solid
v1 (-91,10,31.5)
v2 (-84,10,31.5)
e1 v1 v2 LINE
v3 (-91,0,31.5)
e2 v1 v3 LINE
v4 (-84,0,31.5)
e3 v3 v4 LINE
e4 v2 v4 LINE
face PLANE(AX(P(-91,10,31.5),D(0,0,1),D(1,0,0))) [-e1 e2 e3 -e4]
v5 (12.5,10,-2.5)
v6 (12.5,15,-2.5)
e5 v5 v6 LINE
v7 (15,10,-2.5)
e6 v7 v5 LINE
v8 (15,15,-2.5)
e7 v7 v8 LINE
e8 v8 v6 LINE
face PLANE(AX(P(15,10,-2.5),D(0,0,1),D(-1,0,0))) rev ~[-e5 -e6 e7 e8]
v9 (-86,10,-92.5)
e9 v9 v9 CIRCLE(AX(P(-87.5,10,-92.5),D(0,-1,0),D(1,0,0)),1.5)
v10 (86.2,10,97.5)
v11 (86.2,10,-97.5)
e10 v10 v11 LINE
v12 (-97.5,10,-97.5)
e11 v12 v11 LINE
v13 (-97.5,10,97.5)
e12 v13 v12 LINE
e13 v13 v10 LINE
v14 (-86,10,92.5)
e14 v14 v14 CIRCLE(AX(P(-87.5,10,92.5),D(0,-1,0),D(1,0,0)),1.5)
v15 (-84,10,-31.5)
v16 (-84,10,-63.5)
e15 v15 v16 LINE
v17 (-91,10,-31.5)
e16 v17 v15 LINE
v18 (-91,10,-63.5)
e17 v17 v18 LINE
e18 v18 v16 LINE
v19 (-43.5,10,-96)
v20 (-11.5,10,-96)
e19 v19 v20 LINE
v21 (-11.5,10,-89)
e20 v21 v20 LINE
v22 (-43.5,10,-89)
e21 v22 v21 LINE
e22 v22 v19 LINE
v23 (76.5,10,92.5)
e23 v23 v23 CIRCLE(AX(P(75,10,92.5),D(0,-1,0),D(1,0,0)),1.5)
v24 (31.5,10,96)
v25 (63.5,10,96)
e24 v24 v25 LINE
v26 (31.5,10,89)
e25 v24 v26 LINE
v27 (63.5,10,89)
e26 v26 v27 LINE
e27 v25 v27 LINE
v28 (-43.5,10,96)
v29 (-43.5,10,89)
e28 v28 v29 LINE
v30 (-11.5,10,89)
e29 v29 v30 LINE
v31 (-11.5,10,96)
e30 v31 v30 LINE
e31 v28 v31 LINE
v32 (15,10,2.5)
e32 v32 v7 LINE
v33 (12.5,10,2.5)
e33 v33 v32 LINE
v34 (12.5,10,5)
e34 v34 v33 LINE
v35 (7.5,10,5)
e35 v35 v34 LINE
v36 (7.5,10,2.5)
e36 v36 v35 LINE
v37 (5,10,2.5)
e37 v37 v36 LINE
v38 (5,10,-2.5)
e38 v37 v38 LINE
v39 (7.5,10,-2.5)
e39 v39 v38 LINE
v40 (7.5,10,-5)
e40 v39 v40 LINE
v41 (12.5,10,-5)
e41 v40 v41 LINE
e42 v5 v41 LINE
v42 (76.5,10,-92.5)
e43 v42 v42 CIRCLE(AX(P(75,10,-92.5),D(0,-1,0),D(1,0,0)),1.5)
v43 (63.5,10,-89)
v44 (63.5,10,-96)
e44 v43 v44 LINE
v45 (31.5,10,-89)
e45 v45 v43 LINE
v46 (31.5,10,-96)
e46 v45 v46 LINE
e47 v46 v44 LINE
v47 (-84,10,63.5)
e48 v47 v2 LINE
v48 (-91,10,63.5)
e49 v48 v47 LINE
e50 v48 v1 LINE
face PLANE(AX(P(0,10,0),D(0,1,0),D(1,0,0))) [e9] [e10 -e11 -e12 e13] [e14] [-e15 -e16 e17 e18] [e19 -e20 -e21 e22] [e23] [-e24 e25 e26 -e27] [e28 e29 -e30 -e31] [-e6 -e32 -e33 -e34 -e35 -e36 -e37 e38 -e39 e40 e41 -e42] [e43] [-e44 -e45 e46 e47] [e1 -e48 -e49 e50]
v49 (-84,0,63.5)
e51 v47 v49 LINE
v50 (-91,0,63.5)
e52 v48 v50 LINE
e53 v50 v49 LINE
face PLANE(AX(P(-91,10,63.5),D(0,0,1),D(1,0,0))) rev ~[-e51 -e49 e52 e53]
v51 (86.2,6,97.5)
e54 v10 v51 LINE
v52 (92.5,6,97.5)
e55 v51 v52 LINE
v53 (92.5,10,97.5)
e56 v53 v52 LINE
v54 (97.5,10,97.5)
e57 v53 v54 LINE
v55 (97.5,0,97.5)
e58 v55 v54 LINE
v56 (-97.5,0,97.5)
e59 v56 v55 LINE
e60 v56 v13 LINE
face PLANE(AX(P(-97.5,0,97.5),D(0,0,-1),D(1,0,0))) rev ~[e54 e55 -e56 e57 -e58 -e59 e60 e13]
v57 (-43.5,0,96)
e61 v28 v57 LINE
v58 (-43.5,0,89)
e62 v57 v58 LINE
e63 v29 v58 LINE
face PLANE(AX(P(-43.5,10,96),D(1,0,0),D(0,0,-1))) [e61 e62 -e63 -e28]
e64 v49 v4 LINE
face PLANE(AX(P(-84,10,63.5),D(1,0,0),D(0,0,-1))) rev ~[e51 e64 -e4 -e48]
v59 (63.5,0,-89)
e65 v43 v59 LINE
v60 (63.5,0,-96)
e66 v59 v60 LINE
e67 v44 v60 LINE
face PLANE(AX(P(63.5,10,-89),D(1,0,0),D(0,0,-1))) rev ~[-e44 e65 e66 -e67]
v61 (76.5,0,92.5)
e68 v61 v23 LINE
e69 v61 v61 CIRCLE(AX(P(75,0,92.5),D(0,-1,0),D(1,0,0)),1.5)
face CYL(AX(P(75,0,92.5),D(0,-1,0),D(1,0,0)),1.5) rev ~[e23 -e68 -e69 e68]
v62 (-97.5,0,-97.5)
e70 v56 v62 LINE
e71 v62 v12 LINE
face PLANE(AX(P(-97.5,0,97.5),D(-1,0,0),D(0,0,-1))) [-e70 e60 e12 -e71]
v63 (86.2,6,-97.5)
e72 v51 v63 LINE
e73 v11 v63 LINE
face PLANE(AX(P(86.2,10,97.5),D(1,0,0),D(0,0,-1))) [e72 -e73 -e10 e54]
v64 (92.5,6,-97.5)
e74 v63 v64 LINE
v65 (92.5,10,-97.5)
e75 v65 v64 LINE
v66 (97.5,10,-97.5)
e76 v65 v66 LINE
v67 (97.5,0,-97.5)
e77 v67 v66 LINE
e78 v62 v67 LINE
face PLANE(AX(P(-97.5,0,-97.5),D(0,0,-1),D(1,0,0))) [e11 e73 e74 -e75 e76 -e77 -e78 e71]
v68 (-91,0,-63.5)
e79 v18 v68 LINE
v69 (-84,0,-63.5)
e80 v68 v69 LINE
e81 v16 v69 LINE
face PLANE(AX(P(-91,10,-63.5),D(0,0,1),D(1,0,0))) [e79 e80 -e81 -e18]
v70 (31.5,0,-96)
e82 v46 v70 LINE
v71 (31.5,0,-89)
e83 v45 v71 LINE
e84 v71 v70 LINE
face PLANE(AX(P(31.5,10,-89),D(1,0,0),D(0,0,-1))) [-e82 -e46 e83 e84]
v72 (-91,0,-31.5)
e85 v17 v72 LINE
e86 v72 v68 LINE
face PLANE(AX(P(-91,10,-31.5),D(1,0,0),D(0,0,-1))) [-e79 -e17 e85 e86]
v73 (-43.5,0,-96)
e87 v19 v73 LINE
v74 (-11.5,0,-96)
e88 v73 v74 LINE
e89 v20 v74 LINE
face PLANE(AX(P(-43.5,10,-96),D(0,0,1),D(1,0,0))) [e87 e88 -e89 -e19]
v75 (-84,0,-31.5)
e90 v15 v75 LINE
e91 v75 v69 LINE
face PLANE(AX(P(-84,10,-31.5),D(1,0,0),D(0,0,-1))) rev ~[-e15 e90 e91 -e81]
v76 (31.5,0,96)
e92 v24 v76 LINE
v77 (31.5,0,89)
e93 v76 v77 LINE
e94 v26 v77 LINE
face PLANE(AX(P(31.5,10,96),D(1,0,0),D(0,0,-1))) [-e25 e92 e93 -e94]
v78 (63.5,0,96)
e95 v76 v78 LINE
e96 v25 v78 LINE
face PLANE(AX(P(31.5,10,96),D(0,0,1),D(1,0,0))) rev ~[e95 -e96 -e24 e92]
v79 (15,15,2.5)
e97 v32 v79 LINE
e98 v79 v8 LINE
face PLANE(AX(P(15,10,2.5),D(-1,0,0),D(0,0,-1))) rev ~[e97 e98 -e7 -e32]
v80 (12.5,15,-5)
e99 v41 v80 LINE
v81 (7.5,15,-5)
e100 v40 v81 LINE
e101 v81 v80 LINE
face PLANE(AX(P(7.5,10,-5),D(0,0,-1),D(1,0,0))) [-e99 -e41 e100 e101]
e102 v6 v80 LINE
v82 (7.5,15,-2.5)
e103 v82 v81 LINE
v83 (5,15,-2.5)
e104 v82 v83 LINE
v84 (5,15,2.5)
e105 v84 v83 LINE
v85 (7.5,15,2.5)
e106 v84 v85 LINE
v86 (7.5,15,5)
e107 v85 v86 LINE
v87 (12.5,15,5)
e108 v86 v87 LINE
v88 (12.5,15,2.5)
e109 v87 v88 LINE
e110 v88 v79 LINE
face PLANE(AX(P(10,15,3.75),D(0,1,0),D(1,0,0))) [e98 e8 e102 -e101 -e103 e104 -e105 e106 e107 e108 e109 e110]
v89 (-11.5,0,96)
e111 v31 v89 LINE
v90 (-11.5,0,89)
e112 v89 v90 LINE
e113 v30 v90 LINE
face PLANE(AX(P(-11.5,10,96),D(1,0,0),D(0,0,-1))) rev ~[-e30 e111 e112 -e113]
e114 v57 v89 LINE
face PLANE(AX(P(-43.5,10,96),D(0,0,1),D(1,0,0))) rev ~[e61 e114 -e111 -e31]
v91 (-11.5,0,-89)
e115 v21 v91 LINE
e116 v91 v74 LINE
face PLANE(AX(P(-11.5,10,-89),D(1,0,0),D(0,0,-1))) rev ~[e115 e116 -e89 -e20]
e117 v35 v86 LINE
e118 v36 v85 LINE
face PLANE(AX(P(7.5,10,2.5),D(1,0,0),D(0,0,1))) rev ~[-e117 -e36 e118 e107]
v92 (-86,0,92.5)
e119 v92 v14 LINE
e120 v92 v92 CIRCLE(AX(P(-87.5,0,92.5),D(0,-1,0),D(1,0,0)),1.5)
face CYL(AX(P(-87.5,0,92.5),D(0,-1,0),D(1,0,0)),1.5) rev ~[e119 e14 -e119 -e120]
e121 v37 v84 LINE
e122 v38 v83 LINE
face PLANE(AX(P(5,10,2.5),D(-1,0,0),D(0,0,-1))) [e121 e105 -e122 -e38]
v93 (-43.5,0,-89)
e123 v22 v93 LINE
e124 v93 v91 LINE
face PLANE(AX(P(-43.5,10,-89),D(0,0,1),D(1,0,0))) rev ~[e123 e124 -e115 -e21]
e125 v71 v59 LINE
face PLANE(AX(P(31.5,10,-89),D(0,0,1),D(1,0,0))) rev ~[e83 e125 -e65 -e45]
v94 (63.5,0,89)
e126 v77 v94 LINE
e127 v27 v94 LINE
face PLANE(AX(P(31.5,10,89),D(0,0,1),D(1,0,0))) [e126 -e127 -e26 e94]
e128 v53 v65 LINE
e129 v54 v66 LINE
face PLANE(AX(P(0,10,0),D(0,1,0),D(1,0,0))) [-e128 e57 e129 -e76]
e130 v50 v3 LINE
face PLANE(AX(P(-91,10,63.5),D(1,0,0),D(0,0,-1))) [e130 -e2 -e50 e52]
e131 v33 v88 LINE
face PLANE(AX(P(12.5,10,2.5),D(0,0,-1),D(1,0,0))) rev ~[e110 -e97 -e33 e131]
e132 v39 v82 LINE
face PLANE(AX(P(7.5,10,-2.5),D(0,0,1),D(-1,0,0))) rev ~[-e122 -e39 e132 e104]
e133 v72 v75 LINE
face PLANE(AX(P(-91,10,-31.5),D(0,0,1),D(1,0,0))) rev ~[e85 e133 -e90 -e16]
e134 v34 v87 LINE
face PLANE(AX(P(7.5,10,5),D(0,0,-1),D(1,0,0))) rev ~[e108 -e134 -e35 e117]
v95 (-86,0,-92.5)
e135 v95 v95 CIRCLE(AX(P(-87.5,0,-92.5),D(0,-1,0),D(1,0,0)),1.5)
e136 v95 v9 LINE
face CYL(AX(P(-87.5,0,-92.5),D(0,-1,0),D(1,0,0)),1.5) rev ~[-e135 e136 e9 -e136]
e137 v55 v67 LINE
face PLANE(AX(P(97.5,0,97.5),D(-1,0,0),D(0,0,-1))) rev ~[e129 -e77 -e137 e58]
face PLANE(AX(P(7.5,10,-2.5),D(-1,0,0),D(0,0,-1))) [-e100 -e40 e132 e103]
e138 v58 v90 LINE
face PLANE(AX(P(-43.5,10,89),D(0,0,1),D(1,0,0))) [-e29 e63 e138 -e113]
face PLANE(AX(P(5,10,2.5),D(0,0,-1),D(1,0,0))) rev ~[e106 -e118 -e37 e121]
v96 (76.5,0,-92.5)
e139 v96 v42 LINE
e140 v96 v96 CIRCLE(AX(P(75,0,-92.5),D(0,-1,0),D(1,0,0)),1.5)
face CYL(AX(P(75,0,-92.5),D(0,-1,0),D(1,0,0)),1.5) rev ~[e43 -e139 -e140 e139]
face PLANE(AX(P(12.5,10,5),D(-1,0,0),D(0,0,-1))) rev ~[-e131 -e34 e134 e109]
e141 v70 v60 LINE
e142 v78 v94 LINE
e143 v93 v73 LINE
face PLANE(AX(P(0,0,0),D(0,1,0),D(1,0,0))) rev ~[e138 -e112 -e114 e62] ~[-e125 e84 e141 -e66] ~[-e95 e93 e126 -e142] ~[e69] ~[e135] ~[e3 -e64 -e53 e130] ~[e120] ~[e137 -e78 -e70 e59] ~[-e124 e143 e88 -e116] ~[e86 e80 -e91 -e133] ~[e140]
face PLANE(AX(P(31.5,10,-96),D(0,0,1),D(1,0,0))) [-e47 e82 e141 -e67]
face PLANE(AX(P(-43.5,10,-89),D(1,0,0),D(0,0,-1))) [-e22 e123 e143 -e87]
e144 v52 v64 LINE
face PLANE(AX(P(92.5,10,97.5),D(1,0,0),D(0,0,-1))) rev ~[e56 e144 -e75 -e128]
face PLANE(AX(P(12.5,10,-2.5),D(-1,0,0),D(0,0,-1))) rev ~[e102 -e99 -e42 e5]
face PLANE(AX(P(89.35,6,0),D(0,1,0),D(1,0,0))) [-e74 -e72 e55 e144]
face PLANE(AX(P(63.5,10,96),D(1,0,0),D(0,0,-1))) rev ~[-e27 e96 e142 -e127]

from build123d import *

# Parameters (mm, degrees)
ESBO_O1_W                = 195
ESBO_O1_H                = 195
RESSALTO_EXTRUS_O1_DEPTH = 10
ESBO_O2_W                = 7
ESBO_O2_H                = 32
ESBO_O2_W_2              = 32
ESBO_O2_H_2              = 7
CORTE_EXTRUS_O1_DEPTH    = 11
ESBO_O3_W                = 6.3
ESBO_O3_H                = 195
CORTE_EXTRUS_O2_DEPTH    = 4
ESBO_O4_R                = 1.5
CORTE_EXTRUS_O3_DEPTH    = 11
ESBO_O5_R                = 1.5
CORTE_EXTRUS_O4_DEPTH    = 11
ESBO_O6_W                = 5
ESBO_O6_H                = 2.5
ESBO_O6_H_2              = 5
ESBO_O6_W_2              = 2.5
RESSALTO_EXTRUS_O2_DEPTH = 5


with BuildPart() as part:
    # Esboço1 → Ressalto-extrusão1 (new body)
    with BuildSketch(Plane(origin=(0, 0, 0), x_dir=(1, 0, 0), z_dir=(0, 1, 0))):
        Rectangle(ESBO_O1_W, ESBO_O1_H)
    extrude(amount=RESSALTO_EXTRUS_O1_DEPTH)

    # Esboço2 → Corte-extrusão1 (cut, through all)
    with BuildSketch(Plane(origin=(0, 10, 0), x_dir=(1, 0, 0), z_dir=(0, 1, 0))):
        with Locations((-87.5, 47.5)):
            Rectangle(ESBO_O2_W, ESBO_O2_H)
        with Locations((-87.5, -47.5)):
            Rectangle(ESBO_O2_W, ESBO_O2_H)
        with Locations((-27.5, -92.5)):
            Rectangle(ESBO_O2_W_2, ESBO_O2_H_2)
        with Locations((47.5, -92.5)):
            Rectangle(ESBO_O2_W_2, ESBO_O2_H_2)
        with Locations((47.5, 92.5)):
            Rectangle(ESBO_O2_W_2, ESBO_O2_H_2)
        with Locations((-27.5, 92.5)):
            Rectangle(ESBO_O2_W_2, ESBO_O2_H_2)
    extrude(amount=-CORTE_EXTRUS_O1_DEPTH, mode=Mode.SUBTRACT)

    # Esboço3 → Corte-extrusão2 (cut)
    with BuildSketch(Plane(origin=(0, 10, 0), x_dir=(1, 0, 0), z_dir=(0, 1, 0))):
        with Locations((89.35, 0)):
            Rectangle(ESBO_O3_W, ESBO_O3_H)
    extrude(amount=-CORTE_EXTRUS_O2_DEPTH, mode=Mode.SUBTRACT)

    # Esboço4 → Corte-extrusão3 (cut, through all)
    with BuildSketch(Plane.XZ):
        with Locations((-87.5, 92.5)):
            Circle(ESBO_O4_R)
        with Locations((-87.5, -92.5)):
            Circle(ESBO_O4_R)
    extrude(amount=-CORTE_EXTRUS_O3_DEPTH, mode=Mode.SUBTRACT)

    # Esboço5 → Corte-extrusão4 (cut, through all)
    with BuildSketch(Plane.XZ):
        with Locations((75, 92.5)):
            Circle(ESBO_O5_R)
        with Locations((75, -92.5)):
            Circle(ESBO_O5_R)
    extrude(amount=-CORTE_EXTRUS_O4_DEPTH, mode=Mode.SUBTRACT)

    # Esboço6 → Ressalto-extrusão2 (add)
    with BuildSketch(Plane(origin=(0, 10, 0), x_dir=(1, 0, 0), z_dir=(0, 1, 0))):
        with Locations((10, -3.75)):
            Rectangle(ESBO_O6_W, ESBO_O6_H)
        with Locations((10, 0)):
            Rectangle(ESBO_O6_W, ESBO_O6_H_2)
        with Locations((13.75, 0)):
            Rectangle(ESBO_O6_W_2, ESBO_O6_H_2)
        with Locations((6.25, 0)):
            Rectangle(ESBO_O6_W_2, ESBO_O6_H_2)
        with Locations((10, 3.75)):
            Rectangle(ESBO_O6_W, ESBO_O6_H)
    extrude(amount=RESSALTO_EXTRUS_O2_DEPTH)


solid = part.part
